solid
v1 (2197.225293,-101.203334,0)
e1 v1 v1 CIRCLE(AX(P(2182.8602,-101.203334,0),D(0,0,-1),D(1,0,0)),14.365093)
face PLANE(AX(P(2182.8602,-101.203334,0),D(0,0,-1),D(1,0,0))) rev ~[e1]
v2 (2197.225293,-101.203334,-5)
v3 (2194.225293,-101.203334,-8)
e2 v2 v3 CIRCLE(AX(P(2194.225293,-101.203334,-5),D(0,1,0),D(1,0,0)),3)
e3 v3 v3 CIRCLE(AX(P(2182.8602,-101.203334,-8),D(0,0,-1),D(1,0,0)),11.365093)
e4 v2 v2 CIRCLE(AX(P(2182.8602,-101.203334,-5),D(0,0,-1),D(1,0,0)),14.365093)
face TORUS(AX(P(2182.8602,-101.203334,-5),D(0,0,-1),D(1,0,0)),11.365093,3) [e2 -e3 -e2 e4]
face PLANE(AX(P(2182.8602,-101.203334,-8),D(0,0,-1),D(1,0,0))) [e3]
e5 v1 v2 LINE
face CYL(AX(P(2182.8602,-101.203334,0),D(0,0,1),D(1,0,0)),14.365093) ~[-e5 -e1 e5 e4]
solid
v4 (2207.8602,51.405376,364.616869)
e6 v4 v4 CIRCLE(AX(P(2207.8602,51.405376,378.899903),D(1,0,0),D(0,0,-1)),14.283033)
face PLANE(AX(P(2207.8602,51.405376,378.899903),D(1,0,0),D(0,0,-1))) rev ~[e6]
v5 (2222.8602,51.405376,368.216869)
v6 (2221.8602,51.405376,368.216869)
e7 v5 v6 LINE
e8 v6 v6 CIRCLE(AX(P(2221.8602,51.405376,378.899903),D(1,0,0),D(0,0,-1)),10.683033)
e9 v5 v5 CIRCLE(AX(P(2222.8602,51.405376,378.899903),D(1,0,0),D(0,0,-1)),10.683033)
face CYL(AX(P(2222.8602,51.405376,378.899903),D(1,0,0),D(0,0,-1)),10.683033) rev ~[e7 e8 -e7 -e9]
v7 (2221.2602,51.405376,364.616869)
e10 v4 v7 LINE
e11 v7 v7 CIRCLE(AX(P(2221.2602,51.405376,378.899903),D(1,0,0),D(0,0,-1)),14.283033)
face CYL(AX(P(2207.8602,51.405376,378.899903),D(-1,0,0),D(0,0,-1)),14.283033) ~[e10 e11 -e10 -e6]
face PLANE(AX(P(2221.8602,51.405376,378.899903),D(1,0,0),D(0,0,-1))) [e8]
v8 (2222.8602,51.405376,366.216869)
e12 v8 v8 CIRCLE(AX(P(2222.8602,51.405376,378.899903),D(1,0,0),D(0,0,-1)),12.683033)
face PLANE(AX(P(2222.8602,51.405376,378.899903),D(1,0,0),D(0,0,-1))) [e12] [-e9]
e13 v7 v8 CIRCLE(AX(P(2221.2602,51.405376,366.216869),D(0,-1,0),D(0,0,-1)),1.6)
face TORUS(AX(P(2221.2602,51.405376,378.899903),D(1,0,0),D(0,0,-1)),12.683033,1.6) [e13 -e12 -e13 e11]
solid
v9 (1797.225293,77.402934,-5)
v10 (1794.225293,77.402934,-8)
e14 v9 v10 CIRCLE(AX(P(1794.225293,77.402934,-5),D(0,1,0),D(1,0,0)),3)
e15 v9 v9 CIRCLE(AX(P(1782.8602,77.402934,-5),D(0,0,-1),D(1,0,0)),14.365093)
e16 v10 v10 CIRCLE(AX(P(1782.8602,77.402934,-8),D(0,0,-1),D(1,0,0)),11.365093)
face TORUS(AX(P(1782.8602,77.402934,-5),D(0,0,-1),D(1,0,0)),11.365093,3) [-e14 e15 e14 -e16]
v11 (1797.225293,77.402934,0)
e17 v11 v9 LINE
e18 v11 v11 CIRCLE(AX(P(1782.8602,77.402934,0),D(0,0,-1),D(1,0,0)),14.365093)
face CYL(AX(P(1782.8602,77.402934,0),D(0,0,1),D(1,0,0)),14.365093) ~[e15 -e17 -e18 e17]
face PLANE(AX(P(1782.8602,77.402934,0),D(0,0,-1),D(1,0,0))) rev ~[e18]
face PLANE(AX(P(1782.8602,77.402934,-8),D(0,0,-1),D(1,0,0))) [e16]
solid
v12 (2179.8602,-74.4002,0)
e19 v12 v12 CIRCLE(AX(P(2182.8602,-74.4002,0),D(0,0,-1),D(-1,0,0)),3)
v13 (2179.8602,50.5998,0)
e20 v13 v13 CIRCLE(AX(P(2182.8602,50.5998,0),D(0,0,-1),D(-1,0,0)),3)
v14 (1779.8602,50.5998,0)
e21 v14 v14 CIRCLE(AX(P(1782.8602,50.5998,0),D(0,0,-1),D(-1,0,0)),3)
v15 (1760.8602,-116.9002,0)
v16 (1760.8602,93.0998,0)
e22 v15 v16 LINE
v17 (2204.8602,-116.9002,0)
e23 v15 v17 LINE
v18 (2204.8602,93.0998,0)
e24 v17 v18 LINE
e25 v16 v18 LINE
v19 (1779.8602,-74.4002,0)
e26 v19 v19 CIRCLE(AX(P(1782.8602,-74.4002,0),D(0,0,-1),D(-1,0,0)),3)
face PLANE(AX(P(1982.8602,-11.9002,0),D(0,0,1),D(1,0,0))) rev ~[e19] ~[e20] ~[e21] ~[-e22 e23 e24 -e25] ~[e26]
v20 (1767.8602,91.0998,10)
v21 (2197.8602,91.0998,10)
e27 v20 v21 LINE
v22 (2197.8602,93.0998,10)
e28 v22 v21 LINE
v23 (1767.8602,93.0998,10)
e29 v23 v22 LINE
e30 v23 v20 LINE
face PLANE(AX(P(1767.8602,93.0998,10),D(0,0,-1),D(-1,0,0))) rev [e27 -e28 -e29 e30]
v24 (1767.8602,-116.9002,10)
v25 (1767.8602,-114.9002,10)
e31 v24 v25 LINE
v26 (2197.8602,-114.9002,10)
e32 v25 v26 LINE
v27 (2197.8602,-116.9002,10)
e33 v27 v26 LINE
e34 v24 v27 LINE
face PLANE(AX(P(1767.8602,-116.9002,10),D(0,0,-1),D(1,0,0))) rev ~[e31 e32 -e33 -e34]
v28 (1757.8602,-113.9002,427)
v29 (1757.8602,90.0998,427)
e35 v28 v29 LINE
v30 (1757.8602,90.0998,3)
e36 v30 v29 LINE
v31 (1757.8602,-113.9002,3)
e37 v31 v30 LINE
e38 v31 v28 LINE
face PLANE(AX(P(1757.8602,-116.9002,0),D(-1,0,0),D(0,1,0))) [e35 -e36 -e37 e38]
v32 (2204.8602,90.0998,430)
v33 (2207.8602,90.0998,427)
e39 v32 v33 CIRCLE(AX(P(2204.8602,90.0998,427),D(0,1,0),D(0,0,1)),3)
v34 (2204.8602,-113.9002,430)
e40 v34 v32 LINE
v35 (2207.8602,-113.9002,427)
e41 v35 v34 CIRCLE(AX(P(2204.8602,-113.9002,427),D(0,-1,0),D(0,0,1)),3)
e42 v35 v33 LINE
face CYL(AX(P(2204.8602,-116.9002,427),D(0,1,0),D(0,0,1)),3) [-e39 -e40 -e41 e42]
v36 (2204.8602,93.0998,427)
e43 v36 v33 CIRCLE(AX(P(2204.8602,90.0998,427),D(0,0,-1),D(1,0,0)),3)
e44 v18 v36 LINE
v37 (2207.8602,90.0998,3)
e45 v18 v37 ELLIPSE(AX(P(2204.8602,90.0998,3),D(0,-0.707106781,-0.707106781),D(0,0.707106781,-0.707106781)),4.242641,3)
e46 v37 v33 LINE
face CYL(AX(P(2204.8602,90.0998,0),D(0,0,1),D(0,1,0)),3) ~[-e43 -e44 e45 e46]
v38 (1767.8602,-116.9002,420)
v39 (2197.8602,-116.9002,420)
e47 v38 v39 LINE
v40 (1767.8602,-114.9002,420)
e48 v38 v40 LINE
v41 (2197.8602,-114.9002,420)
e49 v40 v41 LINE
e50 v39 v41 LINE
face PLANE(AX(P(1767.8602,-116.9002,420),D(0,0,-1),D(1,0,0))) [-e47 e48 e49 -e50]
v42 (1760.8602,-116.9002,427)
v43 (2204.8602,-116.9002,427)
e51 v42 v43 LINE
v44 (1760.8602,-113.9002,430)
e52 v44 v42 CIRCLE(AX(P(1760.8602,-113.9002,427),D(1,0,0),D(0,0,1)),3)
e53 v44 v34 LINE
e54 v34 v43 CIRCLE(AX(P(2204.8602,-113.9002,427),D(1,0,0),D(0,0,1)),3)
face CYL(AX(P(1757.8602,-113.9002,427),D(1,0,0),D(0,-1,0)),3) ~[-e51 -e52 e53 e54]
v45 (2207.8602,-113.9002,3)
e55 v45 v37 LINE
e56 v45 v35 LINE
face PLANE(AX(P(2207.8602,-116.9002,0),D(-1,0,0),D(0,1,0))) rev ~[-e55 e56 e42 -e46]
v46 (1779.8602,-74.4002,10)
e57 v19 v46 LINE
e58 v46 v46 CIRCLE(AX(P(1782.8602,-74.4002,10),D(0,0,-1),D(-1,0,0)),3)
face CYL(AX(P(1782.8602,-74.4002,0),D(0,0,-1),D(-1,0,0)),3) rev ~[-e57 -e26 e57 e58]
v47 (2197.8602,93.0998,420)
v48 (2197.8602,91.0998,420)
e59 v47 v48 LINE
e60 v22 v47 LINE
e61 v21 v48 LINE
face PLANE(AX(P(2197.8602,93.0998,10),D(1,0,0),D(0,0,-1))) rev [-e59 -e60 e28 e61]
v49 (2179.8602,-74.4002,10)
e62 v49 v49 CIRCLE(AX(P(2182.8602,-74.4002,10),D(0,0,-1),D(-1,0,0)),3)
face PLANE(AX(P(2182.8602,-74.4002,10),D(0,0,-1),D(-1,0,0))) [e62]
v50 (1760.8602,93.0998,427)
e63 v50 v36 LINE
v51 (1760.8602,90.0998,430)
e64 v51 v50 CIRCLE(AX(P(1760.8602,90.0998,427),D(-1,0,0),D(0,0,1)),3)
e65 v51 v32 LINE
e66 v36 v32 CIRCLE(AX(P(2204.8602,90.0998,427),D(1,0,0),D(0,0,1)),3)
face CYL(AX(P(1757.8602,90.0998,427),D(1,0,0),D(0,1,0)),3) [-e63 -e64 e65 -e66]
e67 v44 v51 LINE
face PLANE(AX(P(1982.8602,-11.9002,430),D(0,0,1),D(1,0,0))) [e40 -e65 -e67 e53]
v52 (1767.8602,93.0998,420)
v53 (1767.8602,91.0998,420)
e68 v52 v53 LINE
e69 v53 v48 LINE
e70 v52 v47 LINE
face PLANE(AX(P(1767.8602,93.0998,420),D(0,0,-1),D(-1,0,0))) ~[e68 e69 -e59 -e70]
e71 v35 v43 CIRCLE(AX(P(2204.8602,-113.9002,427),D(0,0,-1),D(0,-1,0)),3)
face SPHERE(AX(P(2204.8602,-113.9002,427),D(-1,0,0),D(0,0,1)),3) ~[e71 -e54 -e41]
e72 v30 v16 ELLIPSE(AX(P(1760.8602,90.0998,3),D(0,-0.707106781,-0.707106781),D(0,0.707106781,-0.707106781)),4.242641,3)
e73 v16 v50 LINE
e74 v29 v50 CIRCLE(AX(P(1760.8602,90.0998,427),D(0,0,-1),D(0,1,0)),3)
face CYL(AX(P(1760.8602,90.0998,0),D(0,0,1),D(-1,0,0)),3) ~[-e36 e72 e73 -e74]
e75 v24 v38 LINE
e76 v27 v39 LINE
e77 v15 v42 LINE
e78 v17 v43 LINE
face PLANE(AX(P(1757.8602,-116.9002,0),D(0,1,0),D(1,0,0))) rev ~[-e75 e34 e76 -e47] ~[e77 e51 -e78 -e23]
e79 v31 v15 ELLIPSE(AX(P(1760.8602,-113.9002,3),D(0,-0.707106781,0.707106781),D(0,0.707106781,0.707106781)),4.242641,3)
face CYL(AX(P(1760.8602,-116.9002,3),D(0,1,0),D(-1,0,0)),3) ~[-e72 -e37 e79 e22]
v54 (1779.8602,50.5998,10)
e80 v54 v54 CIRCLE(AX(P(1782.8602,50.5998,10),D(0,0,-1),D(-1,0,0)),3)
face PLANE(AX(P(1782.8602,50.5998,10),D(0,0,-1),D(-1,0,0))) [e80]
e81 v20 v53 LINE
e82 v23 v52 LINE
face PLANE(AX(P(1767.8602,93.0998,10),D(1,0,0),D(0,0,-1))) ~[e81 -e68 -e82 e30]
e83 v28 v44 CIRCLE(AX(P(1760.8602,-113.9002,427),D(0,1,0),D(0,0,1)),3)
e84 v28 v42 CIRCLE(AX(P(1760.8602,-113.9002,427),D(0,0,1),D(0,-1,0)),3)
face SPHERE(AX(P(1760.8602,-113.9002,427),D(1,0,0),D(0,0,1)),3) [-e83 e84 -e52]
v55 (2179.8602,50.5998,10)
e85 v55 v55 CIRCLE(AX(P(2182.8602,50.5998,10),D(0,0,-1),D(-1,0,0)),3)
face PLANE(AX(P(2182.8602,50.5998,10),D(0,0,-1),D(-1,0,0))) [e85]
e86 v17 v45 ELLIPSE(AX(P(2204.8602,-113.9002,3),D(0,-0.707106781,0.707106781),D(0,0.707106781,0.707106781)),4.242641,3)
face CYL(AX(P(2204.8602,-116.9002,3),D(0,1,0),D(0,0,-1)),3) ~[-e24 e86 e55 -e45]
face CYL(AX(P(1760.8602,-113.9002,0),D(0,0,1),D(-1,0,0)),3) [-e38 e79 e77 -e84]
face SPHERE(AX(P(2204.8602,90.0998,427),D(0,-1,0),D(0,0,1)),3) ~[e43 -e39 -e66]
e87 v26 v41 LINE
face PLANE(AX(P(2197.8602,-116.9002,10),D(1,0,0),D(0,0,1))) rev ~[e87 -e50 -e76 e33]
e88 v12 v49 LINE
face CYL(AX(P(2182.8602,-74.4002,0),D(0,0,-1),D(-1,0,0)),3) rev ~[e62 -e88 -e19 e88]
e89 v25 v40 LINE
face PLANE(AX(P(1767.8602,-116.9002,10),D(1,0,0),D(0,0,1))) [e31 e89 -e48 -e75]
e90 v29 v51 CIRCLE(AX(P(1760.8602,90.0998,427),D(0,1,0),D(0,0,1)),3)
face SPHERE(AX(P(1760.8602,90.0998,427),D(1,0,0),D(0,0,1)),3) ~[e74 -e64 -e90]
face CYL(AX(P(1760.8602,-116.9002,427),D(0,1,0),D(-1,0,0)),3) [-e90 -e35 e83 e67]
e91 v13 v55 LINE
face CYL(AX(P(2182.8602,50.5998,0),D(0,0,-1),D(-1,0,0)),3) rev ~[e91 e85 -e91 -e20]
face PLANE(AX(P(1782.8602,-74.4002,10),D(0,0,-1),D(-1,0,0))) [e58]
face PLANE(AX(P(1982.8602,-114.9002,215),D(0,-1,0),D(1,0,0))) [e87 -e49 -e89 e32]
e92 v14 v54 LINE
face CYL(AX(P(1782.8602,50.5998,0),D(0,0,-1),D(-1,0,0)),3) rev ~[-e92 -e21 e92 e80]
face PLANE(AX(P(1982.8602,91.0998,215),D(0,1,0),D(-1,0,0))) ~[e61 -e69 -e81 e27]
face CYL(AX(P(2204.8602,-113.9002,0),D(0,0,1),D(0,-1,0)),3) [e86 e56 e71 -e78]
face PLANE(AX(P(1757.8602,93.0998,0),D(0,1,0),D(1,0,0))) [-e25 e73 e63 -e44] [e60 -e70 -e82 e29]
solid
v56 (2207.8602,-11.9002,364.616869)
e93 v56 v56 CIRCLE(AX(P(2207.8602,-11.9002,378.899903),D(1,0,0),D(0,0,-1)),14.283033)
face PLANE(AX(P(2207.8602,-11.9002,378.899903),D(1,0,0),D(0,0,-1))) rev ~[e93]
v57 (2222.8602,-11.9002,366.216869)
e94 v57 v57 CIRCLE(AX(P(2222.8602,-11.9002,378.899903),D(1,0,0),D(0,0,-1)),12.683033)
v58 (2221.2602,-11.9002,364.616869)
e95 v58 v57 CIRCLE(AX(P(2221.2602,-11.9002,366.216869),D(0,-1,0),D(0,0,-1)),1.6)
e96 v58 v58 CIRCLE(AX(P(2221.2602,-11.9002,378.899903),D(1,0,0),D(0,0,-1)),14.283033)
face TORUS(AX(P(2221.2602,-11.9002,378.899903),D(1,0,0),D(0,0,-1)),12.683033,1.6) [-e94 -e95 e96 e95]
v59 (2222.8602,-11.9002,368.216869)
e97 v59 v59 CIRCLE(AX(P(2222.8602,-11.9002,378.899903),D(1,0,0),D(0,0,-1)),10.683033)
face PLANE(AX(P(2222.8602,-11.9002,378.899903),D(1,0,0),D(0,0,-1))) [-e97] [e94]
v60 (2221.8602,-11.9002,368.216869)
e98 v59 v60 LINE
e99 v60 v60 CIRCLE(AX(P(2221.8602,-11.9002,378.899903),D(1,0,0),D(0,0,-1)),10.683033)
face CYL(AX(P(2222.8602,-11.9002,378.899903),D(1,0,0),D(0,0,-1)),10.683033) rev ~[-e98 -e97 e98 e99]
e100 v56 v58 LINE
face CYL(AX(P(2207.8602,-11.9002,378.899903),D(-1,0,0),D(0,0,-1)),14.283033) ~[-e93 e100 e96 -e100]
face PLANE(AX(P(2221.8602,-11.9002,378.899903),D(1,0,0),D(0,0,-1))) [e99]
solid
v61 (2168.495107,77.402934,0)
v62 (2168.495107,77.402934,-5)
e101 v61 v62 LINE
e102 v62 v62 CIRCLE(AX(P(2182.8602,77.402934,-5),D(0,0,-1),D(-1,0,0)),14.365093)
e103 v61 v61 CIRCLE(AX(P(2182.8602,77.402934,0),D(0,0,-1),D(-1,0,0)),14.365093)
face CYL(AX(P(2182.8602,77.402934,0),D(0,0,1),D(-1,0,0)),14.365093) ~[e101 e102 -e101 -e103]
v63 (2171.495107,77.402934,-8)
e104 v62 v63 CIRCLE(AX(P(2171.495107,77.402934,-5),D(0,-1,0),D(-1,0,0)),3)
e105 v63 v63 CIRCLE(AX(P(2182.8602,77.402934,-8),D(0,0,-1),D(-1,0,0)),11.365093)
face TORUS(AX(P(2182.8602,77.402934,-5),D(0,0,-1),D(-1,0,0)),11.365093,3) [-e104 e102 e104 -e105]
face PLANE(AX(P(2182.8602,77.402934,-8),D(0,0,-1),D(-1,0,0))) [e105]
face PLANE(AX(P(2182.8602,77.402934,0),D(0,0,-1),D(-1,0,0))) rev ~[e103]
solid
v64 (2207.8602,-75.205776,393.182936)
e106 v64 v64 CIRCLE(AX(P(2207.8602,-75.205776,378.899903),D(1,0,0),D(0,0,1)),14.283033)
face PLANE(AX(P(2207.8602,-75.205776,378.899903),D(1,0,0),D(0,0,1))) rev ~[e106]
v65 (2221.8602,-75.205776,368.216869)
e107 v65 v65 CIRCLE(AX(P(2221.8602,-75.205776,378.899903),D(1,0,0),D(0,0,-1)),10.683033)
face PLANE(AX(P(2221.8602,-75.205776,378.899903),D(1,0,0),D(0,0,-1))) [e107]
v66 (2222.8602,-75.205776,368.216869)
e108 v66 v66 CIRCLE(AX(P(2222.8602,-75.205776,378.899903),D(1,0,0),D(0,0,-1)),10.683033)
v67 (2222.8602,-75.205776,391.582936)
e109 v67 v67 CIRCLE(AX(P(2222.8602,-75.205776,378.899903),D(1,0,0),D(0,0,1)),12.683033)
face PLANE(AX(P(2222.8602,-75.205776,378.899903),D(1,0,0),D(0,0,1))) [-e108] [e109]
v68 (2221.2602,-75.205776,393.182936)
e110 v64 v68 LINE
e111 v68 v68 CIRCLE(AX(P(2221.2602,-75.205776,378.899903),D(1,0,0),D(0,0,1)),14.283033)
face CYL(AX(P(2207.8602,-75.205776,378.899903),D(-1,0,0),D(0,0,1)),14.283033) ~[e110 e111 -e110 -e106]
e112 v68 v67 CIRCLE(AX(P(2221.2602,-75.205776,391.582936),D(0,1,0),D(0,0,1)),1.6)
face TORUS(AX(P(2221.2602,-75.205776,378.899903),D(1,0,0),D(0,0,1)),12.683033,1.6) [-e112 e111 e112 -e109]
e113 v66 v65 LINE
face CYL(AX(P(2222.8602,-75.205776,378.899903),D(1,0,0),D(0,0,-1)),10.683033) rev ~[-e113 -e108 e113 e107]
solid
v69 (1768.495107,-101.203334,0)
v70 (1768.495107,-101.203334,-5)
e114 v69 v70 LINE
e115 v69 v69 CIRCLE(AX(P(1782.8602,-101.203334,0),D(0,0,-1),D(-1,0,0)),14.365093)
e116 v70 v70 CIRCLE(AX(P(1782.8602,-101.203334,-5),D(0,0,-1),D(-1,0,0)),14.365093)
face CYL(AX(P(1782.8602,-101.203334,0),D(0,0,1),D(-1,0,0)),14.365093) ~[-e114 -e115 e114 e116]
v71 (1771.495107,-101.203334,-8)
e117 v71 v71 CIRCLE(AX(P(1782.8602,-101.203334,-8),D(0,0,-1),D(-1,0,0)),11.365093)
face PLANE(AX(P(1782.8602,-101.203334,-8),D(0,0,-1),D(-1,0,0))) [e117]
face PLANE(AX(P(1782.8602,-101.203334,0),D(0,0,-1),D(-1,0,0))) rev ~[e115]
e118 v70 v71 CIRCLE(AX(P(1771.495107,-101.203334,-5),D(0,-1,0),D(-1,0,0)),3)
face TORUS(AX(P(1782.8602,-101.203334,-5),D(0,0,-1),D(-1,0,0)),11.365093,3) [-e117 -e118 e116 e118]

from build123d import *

# Parameters (mm, degrees)
SKETCH2_W             = 450
SKETCH2_H             = 210
BOSS_EXTRUDE1_DEPTH   = 430
SKETCH3_W             = 430
SKETCH3_H             = 410
CUT_EXTRUDE1_DEPTH    = 2
FILLET1_R             = 3
SKETCH4_R             = 14.283033336
BOSS_EXTRUDE2_DEPTH   = 15
BOSS_EXTRUDE2_2_DEPTH = 15
BOSS_EXTRUDE2_3_DEPTH = 15
FILLET2_R             = 1.6
FILLET3_R             = 1.6
FILLET4_R             = 1.6
SKETCH5_R             = 10.683033336
CUT_EXTRUDE2_DEPTH    = 1
SKETCH6_R             = 3
CUT_EXTRUDE3_DEPTH    = 10
SKETCH7_R             = 14.365093361
BOSS_EXTRUDE3_DEPTH   = 8
BOSS_EXTRUDE3_2_DEPTH = 8
BOSS_EXTRUDE3_3_DEPTH = 8
BOSS_EXTRUDE3_4_DEPTH = 8
FILLET5_R             = 3
FILLET6_R             = 3
FILLET7_R             = 3
FILLET8_R             = 3


with BuildPart() as part:
    # Sketch2 → Boss-Extrude1 (new body)
    with BuildSketch(Plane.XY):
        with Locations((1982.8602, -11.9002)):
            Rectangle(SKETCH2_W, SKETCH2_H)
    extrude(amount=BOSS_EXTRUDE1_DEPTH)

    # Sketch3 → Cut-Extrude1 (cut)
    with BuildSketch(Plane.XZ.offset(116.9002)):
        with Locations((1982.8602, 215)):
            Rectangle(SKETCH3_W, SKETCH3_H)
    cut_extrude1 = extrude(amount=-CUT_EXTRUDE1_DEPTH, mode=Mode.SUBTRACT)

    # Mirror1: Cut-Extrude1 across plane
    add(cut_extrude1.mirror(Plane(origin=(0, -11.9002, 0), x_dir=(0, 0, 1), z_dir=(0, -1, 0))), mode=Mode.SUBTRACT)

    # Fillet1
    fillet1_edges = [part.edges().sort_by_distance(p)[0] for p in [
        (1982.8602, -116.9002, 430),
        (2207.8602, -11.9002, 430),
        (1982.8602, 93.0998, 430),
        (2207.8602, -11.9002, 0),
        (1757.8602, -11.9002, 0),
        (1757.8602, -11.9002, 430),
        (2207.8602, 93.0998, 215),
        (2207.8602, -116.9002, 215),
        (1757.8602, -116.9002, 215),
        (1757.8602, 93.0998, 215),
    ]]
    fillet(fillet1_edges, radius=FILLET1_R)

    # Sketch6 → Cut-Extrude3 (cut)
    with BuildSketch(Plane(origin=(0, 0, 0), x_dir=(-1, 0, 0), z_dir=(0, 0, -1))):
        with Locations((-2182.8602, 50.5998)):
            Circle(SKETCH6_R)
        with Locations((-1782.8602, 50.5998)):
            Circle(SKETCH6_R)
        with Locations((-1782.8602, -74.4002)):
            Circle(SKETCH6_R)
        with Locations((-2182.8602, -74.4002)):
            Circle(SKETCH6_R)
    extrude(amount=-CUT_EXTRUDE3_DEPTH, mode=Mode.SUBTRACT)


with BuildPart() as body_2:
    # Sketch4 → Boss-Extrude2 (new body)
    with BuildSketch(Plane(origin=(2207.8602, 0, 0), x_dir=(0, 0, -1), z_dir=(1, 0, 0))):
        with Locations((-378.89990273, 51.405376306)):
            Circle(SKETCH4_R)
    extrude(amount=BOSS_EXTRUDE2_DEPTH)

    # Fillet4
    fillet4_edges = [body_2.edges().sort_by_distance(p)[0] for p in [
        (2222.8602, 51.405376306, 393.182936066),
    ]]
    fillet(fillet4_edges, radius=FILLET4_R)


with BuildPart() as body_3:
    # Sketch4 → Boss-Extrude2 2 (new body)
    with BuildSketch(Plane(origin=(2207.8602, 0, 0), x_dir=(0, 0, -1), z_dir=(1, 0, 0))):
        with Locations(Location((-378.89990273, -75.205776306, 0), (0, 0, 180))):
            Circle(SKETCH4_R)
    extrude(amount=BOSS_EXTRUDE2_2_DEPTH)

    # Fillet2
    fillet2_edges = [body_3.edges().sort_by_distance(p)[0] for p in [
        (2222.8602, -75.205776306, 364.616869394),
    ]]
    fillet(fillet2_edges, radius=FILLET2_R)


with BuildPart() as body_4:
    # Sketch4 → Boss-Extrude2 3 (new body)
    with BuildSketch(Plane(origin=(2207.8602, 0, 0), x_dir=(0, 0, -1), z_dir=(1, 0, 0))):
        with Locations((-378.89990273, -11.9002)):
            Circle(SKETCH4_R)
    extrude(amount=BOSS_EXTRUDE2_3_DEPTH)

    # Fillet3
    fillet3_edges = [body_4.edges().sort_by_distance(p)[0] for p in [
        (2222.8602, -11.9002, 393.182936066),
    ]]
    fillet(fillet3_edges, radius=FILLET3_R)


with BuildPart() as cut_extrude2_tool:
    # Sketch5 → Cut-Extrude2 (new body)
    with BuildSketch(Plane(origin=(2222.8602, 0, 0), x_dir=(0, 0, -1), z_dir=(1, 0, 0))):
        with Locations((-378.89990273, 51.405376306)):
            Circle(SKETCH5_R)
        with Locations((-378.89990273, -11.9002)):
            Circle(SKETCH5_R)
        with Locations((-378.89990273, -75.205776306)):
            Circle(SKETCH5_R)
    extrude(amount=-CUT_EXTRUDE2_DEPTH)


with BuildPart() as body_2_1:
    add(body_2.part)

    # Cut-Extrude2: cut by cut_extrude2_tool
    add(cut_extrude2_tool.part, mode=Mode.SUBTRACT)


with BuildPart() as body_3_1:
    add(body_3.part)

    # Cut-Extrude2: cut by cut_extrude2_tool
    add(cut_extrude2_tool.part, mode=Mode.SUBTRACT)


with BuildPart() as body_4_1:
    add(body_4.part)

    # Cut-Extrude2: cut by cut_extrude2_tool
    add(cut_extrude2_tool.part, mode=Mode.SUBTRACT)


with BuildPart() as body_5:
    # Sketch7 → Boss-Extrude3 (new body)
    with BuildSketch(Plane(origin=(0, 0, 0), x_dir=(-1, 0, 0), z_dir=(0, 0, -1))):
        with Locations((-2182.8602, 77.40293411)):
            Circle(SKETCH7_R)
    extrude(amount=BOSS_EXTRUDE3_DEPTH)

    # Fillet6
    fillet6_edges = [body_5.edges().sort_by_distance(p)[0] for p in [
        (2197.225293361, 77.40293411, -8),
    ]]
    fillet(fillet6_edges, radius=FILLET6_R)


with BuildPart() as body_6:
    # Sketch7 → Boss-Extrude3 2 (new body)
    with BuildSketch(Plane(origin=(0, 0, 0), x_dir=(-1, 0, 0), z_dir=(0, 0, -1))):
        with Locations(Location((-1782.8602, 77.40293411, 0), (0, 0, 180))):
            Circle(SKETCH7_R)
    extrude(amount=BOSS_EXTRUDE3_2_DEPTH)

    # Fillet7
    fillet7_edges = [body_6.edges().sort_by_distance(p)[0] for p in [
        (1768.495106639, 77.40293411, -8),
    ]]
    fillet(fillet7_edges, radius=FILLET7_R)


with BuildPart() as body_7:
    # Sketch7 → Boss-Extrude3 3 (new body)
    with BuildSketch(Plane(origin=(0, 0, 0), x_dir=(-1, 0, 0), z_dir=(0, 0, -1))):
        with Locations((-1782.8602, -101.20333411)):
            Circle(SKETCH7_R)
    extrude(amount=BOSS_EXTRUDE3_3_DEPTH)

    # Fillet8
    fillet8_edges = [body_7.edges().sort_by_distance(p)[0] for p in [
        (1797.225293361, -101.20333411, -8),
    ]]
    fillet(fillet8_edges, radius=FILLET8_R)


with BuildPart() as body_8:
    # Sketch7 → Boss-Extrude3 4 (new body)
    with BuildSketch(Plane(origin=(0, 0, 0), x_dir=(-1, 0, 0), z_dir=(0, 0, -1))):
        with Locations(Location((-2182.8602, -101.20333411, 0), (0, 0, 180))):
            Circle(SKETCH7_R)
    extrude(amount=BOSS_EXTRUDE3_4_DEPTH)

    # Fillet5
    fillet5_edges = [body_8.edges().sort_by_distance(p)[0] for p in [
        (2168.495106639, -101.20333411, -8),
    ]]
    fillet(fillet5_edges, radius=FILLET5_R)


solid = Compound([part.part, body_2_1.part, body_3_1.part, body_4_1.part, body_5.part, body_6.part, body_7.part, body_8.part])
